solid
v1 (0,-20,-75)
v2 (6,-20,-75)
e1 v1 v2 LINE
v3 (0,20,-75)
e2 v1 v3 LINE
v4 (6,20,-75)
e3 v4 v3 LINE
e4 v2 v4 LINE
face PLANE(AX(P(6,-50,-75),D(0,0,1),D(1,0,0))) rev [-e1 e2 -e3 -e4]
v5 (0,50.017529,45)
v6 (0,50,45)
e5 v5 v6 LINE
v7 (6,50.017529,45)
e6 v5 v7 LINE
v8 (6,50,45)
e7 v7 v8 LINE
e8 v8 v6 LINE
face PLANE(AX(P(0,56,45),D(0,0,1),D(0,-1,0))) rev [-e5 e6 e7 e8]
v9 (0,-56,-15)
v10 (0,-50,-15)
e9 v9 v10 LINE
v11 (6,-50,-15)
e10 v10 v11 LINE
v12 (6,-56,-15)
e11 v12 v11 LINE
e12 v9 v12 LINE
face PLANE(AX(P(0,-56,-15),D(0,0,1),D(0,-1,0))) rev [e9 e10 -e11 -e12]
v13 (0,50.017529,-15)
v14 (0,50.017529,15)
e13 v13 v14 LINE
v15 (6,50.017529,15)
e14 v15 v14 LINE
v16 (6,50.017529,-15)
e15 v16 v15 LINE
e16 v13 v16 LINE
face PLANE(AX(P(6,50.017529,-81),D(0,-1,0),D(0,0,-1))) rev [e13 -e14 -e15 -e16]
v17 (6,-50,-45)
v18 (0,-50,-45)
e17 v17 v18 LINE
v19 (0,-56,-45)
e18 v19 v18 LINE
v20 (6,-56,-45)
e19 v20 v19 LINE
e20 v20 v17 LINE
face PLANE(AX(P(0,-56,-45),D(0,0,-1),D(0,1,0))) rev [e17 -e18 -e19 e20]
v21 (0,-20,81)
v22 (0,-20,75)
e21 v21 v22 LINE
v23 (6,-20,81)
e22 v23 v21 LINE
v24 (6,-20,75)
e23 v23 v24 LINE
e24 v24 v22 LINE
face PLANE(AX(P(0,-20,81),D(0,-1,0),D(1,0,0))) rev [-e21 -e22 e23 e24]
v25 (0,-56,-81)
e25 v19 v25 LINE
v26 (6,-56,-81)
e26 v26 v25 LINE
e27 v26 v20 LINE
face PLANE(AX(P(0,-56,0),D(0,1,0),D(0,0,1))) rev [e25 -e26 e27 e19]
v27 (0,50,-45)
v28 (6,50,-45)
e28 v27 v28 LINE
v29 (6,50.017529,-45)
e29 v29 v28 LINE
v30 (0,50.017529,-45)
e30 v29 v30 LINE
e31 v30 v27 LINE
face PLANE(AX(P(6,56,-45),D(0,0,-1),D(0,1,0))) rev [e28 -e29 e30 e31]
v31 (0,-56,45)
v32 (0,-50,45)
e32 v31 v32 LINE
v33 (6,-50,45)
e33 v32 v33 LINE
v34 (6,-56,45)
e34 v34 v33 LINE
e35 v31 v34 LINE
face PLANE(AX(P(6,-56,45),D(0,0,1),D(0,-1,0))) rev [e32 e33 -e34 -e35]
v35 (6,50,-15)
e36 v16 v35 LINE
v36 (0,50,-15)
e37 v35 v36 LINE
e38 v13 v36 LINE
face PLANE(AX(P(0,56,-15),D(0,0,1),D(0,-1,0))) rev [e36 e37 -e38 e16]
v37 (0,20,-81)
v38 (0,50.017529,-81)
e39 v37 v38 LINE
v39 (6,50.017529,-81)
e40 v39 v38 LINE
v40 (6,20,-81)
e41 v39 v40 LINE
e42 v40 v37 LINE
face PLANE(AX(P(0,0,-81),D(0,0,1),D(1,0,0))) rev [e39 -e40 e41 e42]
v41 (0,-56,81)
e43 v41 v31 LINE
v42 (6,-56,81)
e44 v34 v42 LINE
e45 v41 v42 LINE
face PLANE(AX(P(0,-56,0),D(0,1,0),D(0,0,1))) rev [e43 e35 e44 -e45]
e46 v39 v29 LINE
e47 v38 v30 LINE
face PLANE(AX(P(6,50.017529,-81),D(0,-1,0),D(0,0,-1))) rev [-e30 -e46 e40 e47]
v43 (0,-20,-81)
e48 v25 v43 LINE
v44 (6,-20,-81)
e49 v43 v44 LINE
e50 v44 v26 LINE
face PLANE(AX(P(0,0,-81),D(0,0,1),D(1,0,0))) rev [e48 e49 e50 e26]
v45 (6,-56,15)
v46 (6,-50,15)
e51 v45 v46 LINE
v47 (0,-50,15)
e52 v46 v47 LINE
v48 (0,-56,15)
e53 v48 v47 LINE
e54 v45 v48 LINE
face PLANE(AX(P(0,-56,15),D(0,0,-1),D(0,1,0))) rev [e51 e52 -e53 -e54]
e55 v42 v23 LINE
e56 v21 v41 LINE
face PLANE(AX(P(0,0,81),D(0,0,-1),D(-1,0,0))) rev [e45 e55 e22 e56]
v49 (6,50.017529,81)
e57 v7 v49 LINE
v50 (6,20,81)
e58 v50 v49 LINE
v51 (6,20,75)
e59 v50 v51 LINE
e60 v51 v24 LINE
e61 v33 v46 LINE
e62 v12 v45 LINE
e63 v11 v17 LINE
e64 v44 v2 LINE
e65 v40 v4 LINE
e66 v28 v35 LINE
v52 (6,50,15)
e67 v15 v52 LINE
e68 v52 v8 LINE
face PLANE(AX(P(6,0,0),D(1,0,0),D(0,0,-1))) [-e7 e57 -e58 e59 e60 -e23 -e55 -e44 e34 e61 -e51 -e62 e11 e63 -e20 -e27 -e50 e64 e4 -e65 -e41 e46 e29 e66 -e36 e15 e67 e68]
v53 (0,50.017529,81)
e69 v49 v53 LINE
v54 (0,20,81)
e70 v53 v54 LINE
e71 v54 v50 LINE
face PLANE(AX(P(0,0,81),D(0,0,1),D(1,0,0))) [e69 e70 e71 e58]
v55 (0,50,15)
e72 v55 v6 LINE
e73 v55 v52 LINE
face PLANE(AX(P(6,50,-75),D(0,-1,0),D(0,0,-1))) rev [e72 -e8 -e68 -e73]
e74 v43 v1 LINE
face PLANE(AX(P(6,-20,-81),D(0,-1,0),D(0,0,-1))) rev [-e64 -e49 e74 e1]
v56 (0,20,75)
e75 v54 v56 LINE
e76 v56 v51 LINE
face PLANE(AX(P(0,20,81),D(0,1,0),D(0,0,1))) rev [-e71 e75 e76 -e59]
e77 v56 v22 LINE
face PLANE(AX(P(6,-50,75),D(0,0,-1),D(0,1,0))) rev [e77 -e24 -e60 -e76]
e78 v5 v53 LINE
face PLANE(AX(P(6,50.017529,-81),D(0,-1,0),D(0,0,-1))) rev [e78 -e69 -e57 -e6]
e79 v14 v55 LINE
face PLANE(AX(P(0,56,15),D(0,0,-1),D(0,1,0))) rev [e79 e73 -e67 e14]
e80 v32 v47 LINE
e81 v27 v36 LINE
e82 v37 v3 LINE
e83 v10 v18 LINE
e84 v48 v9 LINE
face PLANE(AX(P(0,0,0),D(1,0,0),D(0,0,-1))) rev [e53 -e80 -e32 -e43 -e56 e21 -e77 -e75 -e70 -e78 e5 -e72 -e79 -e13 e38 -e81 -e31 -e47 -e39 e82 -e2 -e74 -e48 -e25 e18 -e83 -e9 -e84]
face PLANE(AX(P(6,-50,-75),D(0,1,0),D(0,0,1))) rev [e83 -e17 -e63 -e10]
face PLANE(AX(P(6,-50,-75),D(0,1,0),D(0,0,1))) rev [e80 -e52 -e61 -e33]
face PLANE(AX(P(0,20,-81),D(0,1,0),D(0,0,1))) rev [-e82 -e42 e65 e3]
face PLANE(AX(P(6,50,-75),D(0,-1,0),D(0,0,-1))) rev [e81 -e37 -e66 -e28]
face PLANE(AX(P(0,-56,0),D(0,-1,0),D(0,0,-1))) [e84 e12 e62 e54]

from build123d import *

# Parameters (mm, degrees)
ESBO_O1_W                = 150
ESBO_O1_H                = 100
RESSALTO_EXTRUS_O1_DEPTH = 6
ESBO_O3_W                = 6
ESBO_O3_H                = 30
RESSALTO_EXTRUS_O2_DEPTH = 6
ESBO_O4_W                = 6
ESBO_O4_H                = 30
RESSALTO_EXTRUS_O3_DEPTH = 6
ESBO_O6_W                = 6
ESBO_O6_H                = 36
RESSALTO_EXTRUS_O4_DEPTH = 6
ESBO_O7_W                = 6
ESBO_O7_H                = 36
RESSALTO_EXTRUS_O5_DEPTH = 6
ESBO_O8_W                = 162
ESBO_O8_H                = 5.982470976
CORTE_EXTRUS_O1_DEPTH    = 6


with BuildPart() as part:
    # Esboço1 → Ressalto-extrusão1 (new body)
    with BuildSketch(Plane(origin=(0, 0, 0), x_dir=(0, 0, -1), z_dir=(1, 0, 0))):
        Rectangle(ESBO_O1_W, ESBO_O1_H)
    extrude(amount=RESSALTO_EXTRUS_O1_DEPTH)

    # Esboço3 → Ressalto-extrusão2 (add)
    with BuildSketch(Plane(origin=(0, 50, 0), x_dir=(1, 0, 0), z_dir=(0, 1, 0))):
        with Locations((3, 60)):
            Rectangle(ESBO_O3_W, ESBO_O3_H)
        with Locations((3, 0)):
            Rectangle(ESBO_O3_W, ESBO_O3_H)
        with Locations((3, -60)):
            Rectangle(ESBO_O3_W, ESBO_O3_H)
    extrude(amount=RESSALTO_EXTRUS_O2_DEPTH)

    # Esboço4 → Ressalto-extrusão3 (add)
    with BuildSketch(Plane.XZ.offset(50)):
        with Locations((3, 60)):
            Rectangle(ESBO_O4_W, ESBO_O4_H)
        with Locations((3, 0)):
            Rectangle(ESBO_O4_W, ESBO_O4_H)
        with Locations((3, -60)):
            Rectangle(ESBO_O4_W, ESBO_O4_H)
    extrude(amount=RESSALTO_EXTRUS_O3_DEPTH)

    # Esboço6 → Ressalto-extrusão4 (add)
    with BuildSketch(Plane.XY.offset(75)):
        with Locations((3, 38)):
            Rectangle(ESBO_O6_W, ESBO_O6_H)
        with Locations((3, -38)):
            Rectangle(ESBO_O6_W, ESBO_O6_H)
    extrude(amount=RESSALTO_EXTRUS_O4_DEPTH)

    # Esboço7 → Ressalto-extrusão5 (add)
    with BuildSketch(Plane(origin=(0, 0, -75), x_dir=(-1, 0, 0), z_dir=(0, 0, -1))):
        with Locations((-3, -38)):
            Rectangle(ESBO_O7_W, ESBO_O7_H)
        with Locations((-3, 38)):
            Rectangle(ESBO_O7_W, ESBO_O7_H)
    extrude(amount=RESSALTO_EXTRUS_O5_DEPTH)

    # Esboço8 → Corte-extrusão1 (cut)
    with BuildSketch(Plane.ZY):
        with Locations((0, 53.008764512)):
            Rectangle(ESBO_O8_W, ESBO_O8_H)
    extrude(amount=-CORTE_EXTRUS_O1_DEPTH, mode=Mode.SUBTRACT)


solid = part.part
